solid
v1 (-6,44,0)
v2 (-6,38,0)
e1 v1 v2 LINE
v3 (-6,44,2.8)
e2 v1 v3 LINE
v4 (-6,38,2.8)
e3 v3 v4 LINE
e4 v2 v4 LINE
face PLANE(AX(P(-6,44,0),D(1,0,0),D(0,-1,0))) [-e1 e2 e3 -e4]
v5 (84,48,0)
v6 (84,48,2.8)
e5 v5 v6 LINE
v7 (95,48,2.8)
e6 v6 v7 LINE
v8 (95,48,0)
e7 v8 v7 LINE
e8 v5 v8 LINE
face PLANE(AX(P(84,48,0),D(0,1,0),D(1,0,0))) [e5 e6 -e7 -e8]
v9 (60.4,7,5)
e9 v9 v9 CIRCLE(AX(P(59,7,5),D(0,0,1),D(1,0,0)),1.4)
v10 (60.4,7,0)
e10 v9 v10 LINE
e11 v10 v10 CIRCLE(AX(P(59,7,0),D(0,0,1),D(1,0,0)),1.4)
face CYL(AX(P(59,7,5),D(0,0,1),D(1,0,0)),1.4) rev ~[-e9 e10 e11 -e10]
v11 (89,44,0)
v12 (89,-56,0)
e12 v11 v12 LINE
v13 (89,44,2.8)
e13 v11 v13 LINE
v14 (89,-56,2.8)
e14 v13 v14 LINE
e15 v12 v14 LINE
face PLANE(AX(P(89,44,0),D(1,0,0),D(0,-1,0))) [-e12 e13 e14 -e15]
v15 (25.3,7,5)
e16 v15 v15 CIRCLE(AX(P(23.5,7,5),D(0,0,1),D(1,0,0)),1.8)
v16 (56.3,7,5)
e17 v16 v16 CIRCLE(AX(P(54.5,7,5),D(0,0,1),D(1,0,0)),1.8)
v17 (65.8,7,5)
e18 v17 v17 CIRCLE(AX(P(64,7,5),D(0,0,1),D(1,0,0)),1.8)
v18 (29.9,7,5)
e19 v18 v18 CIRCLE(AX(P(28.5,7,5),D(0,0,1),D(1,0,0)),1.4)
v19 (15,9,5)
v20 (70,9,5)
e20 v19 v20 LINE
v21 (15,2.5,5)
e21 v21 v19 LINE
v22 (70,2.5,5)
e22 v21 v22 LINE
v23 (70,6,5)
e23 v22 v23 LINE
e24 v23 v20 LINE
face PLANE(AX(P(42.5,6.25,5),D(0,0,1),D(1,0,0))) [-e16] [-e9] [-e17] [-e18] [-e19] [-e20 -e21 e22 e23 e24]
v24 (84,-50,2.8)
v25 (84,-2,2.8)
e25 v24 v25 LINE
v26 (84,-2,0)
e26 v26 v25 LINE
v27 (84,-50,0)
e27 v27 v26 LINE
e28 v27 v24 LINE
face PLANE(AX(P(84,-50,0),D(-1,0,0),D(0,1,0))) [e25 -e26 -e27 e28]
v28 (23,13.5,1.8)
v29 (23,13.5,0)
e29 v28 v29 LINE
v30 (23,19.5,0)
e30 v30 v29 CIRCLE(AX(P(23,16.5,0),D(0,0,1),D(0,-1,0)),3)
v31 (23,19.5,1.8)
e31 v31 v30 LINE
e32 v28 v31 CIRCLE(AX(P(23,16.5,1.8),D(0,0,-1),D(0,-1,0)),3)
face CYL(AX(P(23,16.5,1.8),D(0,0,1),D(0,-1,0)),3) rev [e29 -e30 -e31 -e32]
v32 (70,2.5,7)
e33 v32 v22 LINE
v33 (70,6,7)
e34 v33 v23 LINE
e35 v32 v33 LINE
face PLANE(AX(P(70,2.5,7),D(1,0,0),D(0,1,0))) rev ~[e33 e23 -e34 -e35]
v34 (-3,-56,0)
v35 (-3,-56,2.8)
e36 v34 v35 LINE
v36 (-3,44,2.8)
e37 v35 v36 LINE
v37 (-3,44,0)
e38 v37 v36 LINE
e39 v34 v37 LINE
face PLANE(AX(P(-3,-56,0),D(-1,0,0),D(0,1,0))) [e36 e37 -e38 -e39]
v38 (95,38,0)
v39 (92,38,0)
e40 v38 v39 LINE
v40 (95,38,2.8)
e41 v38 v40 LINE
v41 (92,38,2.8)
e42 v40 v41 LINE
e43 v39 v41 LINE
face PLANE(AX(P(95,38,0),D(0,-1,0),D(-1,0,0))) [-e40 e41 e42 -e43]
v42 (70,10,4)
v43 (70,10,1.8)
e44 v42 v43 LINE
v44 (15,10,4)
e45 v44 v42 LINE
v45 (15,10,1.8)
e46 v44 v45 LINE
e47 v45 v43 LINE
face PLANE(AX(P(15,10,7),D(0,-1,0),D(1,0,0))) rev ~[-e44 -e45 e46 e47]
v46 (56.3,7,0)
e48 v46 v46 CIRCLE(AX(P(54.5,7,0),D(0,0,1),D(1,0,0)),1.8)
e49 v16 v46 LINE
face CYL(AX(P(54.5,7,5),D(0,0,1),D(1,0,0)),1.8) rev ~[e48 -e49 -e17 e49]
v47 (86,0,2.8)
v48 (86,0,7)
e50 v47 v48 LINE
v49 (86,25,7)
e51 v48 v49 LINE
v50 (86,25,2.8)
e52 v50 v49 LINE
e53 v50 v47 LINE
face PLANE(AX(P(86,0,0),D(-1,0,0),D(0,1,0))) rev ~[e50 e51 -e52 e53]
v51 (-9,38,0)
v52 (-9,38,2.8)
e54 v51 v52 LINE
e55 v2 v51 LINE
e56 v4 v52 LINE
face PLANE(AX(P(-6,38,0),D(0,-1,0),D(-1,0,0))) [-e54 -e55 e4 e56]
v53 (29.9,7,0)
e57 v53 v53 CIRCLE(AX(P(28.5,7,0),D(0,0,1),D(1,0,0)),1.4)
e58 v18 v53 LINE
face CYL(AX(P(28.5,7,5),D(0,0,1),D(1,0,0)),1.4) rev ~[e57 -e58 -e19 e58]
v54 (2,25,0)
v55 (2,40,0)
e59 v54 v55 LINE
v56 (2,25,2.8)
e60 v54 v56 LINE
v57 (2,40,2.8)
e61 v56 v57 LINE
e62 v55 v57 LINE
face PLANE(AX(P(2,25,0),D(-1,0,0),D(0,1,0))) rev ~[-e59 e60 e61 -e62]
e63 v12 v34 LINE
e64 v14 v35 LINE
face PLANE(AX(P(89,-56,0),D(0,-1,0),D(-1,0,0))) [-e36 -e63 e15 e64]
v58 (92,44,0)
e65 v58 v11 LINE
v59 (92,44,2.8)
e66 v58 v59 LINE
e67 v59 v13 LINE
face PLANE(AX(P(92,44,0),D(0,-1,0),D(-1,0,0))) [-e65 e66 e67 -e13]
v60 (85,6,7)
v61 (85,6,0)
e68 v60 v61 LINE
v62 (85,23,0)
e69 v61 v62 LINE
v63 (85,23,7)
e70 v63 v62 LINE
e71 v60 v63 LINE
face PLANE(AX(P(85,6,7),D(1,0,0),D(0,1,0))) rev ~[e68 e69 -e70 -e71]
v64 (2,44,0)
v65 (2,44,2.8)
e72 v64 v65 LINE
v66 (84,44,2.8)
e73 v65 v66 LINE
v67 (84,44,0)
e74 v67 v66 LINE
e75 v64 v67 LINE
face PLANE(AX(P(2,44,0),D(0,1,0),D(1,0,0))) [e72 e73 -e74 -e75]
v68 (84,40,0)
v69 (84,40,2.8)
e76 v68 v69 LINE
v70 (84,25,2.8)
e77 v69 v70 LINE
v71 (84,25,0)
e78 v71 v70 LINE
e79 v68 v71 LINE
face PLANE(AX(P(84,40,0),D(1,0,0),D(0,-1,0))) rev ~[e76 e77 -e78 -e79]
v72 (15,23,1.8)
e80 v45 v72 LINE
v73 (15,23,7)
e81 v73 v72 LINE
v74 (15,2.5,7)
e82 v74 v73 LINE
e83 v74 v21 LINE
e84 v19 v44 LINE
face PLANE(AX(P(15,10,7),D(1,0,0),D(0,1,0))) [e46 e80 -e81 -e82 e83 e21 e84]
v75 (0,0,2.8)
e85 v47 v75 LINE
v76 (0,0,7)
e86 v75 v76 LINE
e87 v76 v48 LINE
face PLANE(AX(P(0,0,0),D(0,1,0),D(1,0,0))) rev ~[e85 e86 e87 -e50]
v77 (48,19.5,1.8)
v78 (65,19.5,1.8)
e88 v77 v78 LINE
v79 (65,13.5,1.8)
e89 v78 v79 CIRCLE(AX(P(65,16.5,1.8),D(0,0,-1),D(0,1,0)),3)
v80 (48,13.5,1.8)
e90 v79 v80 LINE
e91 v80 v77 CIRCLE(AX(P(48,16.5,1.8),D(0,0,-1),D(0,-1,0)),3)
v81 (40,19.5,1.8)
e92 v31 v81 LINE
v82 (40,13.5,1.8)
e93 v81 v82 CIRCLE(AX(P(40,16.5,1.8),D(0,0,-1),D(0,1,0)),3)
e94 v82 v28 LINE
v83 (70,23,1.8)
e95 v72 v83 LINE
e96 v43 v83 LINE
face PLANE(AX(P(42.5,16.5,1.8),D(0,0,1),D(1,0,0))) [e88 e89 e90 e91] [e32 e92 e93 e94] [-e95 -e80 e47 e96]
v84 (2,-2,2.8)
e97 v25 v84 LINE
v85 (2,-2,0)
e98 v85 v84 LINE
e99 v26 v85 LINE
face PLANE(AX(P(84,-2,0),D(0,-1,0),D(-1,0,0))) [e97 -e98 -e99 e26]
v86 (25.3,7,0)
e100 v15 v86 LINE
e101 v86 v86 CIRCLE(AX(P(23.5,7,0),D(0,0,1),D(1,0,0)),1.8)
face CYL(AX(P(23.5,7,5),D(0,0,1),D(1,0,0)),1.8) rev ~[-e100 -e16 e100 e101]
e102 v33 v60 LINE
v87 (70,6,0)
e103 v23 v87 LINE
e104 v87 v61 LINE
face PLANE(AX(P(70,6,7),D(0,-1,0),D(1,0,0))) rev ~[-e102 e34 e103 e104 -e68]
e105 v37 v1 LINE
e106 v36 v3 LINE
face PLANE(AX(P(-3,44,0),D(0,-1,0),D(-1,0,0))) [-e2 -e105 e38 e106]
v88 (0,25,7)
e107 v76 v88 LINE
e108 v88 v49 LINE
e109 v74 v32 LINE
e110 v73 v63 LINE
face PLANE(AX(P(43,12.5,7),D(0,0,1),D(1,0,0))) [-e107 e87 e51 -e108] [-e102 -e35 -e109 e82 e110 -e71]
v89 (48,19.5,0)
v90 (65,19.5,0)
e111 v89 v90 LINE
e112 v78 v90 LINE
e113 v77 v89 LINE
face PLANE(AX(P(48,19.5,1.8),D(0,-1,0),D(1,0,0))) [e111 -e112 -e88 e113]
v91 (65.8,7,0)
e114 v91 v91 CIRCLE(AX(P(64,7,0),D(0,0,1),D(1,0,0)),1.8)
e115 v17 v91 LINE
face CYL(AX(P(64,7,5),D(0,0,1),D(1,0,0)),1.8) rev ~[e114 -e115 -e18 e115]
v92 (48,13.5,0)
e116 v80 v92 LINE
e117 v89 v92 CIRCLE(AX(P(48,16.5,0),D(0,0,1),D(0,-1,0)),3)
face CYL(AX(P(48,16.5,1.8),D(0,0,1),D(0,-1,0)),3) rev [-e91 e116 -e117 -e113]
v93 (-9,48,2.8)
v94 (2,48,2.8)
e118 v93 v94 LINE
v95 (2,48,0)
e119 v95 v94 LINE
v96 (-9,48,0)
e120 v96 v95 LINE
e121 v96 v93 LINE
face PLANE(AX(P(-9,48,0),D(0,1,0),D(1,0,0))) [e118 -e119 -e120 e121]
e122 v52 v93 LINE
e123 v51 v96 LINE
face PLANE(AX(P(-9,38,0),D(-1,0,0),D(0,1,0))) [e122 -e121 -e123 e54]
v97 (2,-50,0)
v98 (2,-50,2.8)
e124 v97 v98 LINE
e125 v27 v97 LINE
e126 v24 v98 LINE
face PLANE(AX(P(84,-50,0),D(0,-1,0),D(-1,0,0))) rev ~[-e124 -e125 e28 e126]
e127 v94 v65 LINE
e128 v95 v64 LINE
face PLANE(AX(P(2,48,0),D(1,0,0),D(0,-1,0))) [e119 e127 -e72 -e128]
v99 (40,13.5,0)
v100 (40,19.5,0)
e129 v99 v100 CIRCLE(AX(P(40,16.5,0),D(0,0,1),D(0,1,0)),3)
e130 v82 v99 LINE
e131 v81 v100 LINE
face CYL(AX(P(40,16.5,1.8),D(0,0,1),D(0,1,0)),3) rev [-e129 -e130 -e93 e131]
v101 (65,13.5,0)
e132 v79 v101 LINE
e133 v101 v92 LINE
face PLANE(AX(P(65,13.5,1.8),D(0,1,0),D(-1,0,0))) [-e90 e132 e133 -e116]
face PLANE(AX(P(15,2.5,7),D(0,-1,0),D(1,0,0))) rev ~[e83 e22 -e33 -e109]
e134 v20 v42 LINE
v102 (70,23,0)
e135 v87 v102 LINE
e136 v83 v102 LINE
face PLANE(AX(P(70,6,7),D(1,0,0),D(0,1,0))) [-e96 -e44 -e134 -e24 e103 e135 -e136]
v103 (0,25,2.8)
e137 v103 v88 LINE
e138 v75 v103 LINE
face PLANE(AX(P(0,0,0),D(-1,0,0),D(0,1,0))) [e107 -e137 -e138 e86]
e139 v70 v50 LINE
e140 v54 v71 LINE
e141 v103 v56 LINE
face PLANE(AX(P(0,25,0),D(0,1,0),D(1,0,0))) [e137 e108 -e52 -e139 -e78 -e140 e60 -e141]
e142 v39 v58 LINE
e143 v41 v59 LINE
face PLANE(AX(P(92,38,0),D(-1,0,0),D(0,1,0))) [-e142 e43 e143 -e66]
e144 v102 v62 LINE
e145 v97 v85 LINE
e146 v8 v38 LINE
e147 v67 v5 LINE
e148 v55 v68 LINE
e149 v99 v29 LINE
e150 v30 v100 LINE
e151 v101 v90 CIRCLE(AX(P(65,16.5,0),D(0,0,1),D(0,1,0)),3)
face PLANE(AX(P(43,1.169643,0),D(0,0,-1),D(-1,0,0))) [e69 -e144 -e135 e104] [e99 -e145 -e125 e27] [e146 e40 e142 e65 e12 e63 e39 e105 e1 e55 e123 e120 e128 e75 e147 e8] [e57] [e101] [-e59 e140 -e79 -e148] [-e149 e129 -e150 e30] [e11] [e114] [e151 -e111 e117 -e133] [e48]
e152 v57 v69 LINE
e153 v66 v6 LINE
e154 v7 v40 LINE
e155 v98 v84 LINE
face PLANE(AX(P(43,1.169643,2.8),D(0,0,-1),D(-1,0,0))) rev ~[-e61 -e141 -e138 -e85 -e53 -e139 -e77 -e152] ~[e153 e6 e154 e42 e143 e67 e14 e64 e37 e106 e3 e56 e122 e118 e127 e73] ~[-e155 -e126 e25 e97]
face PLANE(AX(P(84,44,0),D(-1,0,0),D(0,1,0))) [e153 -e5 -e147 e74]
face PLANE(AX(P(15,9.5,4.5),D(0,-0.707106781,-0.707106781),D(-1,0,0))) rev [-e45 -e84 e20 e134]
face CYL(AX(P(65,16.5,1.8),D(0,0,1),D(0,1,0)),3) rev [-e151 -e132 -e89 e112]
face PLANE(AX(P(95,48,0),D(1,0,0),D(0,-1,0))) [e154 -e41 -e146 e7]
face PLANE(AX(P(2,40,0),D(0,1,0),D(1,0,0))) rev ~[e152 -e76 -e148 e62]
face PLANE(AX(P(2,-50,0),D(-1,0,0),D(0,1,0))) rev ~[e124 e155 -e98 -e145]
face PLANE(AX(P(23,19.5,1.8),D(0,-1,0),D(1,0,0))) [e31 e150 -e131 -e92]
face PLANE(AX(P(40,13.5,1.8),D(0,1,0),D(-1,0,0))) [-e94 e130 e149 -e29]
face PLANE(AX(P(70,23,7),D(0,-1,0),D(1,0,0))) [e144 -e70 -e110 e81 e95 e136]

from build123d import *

# Parameters (mm, degrees)
SKETCH_1_W          = 86
SKETCH_1_H          = 25
EXTRUDE_1_DEPTH     = 7
SKETCH_2_W          = 15
SKETCH_2_H          = 17
CUT_EXTRUDE_1_DEPTH = 90.833178726
SKETCH_3_W          = 55
SKETCH_3_H          = 13
CUT_EXTRUDE_2_DEPTH = 5.2
SKETCH_4_W          = 55
SKETCH_4_H          = 7.5
CUT_EXTRUDE_3_DEPTH = 2
SKETCH_5_R          = 1.8
CUT_EXTRUDE_4_DEPTH = 90.699498326
SKETCH_6_R          = 1.4
CUT_EXTRUDE_5_DEPTH = 90.699498326
CUT_EXTRUDE_6_DEPTH = 90.710868907
CHAMFER_1_SIZE      = 1
SKETCH_8_W          = 82
SKETCH_8_H          = 48
EXTRUDE_2_DEPTH     = 2.8


with BuildPart() as part:
    # 草图1 → 凸台-拉伸1 (new body)
    with BuildSketch(Plane.XY):
        with Locations((43, 12.5)):
            Rectangle(SKETCH_1_W, SKETCH_1_H)
    extrude(amount=EXTRUDE_1_DEPTH)

    # 草图2 → 切除-拉伸1 (cut, through all)
    with BuildSketch(Plane.XY.offset(7)):
        with Locations((77.5, 14.5)):
            Rectangle(SKETCH_2_W, SKETCH_2_H)
    extrude(amount=-CUT_EXTRUDE_1_DEPTH, mode=Mode.SUBTRACT)

    # 草图3 → 切除-拉伸2 (cut)
    with BuildSketch(Plane.XY.offset(7)):
        with Locations((42.5, 16.5)):
            Rectangle(SKETCH_3_W, SKETCH_3_H)
    extrude(amount=-CUT_EXTRUDE_2_DEPTH, mode=Mode.SUBTRACT)

    # 草图4 → 切除-拉伸3 (cut)
    with BuildSketch(Plane.XY.offset(7)):
        with Locations((42.5, 6.25)):
            Rectangle(SKETCH_4_W, SKETCH_4_H)
    extrude(amount=-CUT_EXTRUDE_3_DEPTH, mode=Mode.SUBTRACT)

    # 草图5 → 切除-拉伸4 (cut, through all)
    with BuildSketch(Plane.XY.offset(5)):
        with Locations((64, 7)):
            Circle(SKETCH_5_R)
        with Locations((54.5, 7)):
            Circle(SKETCH_5_R)
        with Locations((23.5, 7)):
            Circle(SKETCH_5_R)
    extrude(amount=-CUT_EXTRUDE_4_DEPTH, mode=Mode.SUBTRACT)

    # 草图6 → 切除-拉伸5 (cut, through all)
    with BuildSketch(Plane.XY.offset(5)):
        with Locations((59, 7)):
            Circle(SKETCH_6_R)
        with Locations((28.5, 7)):
            Circle(SKETCH_6_R)
    extrude(amount=-CUT_EXTRUDE_5_DEPTH, mode=Mode.SUBTRACT)

    # 草图7 → 切除-拉伸6 (cut, through all)
    with BuildSketch(Plane.XY.offset(1.8)):
        with BuildLine():
            Line((23, 19.5), (40, 19.5))
            ThreePointArc((40, 19.5), (43, 16.5), (40, 13.5))
            Line((40, 13.5), (23, 13.5))
            ThreePointArc((23, 13.5), (20, 16.5), (23, 19.5))
        make_face()
        with BuildLine():
            Line((48, 19.5), (65, 19.5))
            ThreePointArc((65, 19.5), (68, 16.5), (65, 13.5))
            Line((65, 13.5), (48, 13.5))
            ThreePointArc((48, 13.5), (45, 16.5), (48, 19.5))
        make_face()
    extrude(amount=-CUT_EXTRUDE_6_DEPTH, mode=Mode.SUBTRACT)

    # 倒角1
    chamfer_1_edges = [part.edges().sort_by_distance(p)[0] for p in [
        (42.5, 10, 5),
    ]]
    chamfer(chamfer_1_edges, length=CHAMFER_1_SIZE)

    # 草图8 → 凸台-拉伸2 (add)
    with BuildSketch(Plane(origin=(0, 0, 0), x_dir=(-1, 0, 0), z_dir=(0, 0, -1))):
        Polygon((-95, 38), (-92, 38), (-92, 44), (-89, 44), (-89, -56), (3, -56), (3, 44), (6, 44), (6, 38), (9, 38), (9, 48), (-2, 48), (-2, 44), (-84, 44), (-84, 48), (-95, 48), align=None)
        Polygon((-86, 0), (0, 0), (0, 25), (-2, 25), (-2, 40), (-84, 40), (-84, 25), (-86, 25), align=None, mode=Mode.SUBTRACT)
        with Locations((-43, -26)):
            Rectangle(SKETCH_8_W, SKETCH_8_H, mode=Mode.SUBTRACT)
    extrude(amount=-EXTRUDE_2_DEPTH)


solid = part.part
